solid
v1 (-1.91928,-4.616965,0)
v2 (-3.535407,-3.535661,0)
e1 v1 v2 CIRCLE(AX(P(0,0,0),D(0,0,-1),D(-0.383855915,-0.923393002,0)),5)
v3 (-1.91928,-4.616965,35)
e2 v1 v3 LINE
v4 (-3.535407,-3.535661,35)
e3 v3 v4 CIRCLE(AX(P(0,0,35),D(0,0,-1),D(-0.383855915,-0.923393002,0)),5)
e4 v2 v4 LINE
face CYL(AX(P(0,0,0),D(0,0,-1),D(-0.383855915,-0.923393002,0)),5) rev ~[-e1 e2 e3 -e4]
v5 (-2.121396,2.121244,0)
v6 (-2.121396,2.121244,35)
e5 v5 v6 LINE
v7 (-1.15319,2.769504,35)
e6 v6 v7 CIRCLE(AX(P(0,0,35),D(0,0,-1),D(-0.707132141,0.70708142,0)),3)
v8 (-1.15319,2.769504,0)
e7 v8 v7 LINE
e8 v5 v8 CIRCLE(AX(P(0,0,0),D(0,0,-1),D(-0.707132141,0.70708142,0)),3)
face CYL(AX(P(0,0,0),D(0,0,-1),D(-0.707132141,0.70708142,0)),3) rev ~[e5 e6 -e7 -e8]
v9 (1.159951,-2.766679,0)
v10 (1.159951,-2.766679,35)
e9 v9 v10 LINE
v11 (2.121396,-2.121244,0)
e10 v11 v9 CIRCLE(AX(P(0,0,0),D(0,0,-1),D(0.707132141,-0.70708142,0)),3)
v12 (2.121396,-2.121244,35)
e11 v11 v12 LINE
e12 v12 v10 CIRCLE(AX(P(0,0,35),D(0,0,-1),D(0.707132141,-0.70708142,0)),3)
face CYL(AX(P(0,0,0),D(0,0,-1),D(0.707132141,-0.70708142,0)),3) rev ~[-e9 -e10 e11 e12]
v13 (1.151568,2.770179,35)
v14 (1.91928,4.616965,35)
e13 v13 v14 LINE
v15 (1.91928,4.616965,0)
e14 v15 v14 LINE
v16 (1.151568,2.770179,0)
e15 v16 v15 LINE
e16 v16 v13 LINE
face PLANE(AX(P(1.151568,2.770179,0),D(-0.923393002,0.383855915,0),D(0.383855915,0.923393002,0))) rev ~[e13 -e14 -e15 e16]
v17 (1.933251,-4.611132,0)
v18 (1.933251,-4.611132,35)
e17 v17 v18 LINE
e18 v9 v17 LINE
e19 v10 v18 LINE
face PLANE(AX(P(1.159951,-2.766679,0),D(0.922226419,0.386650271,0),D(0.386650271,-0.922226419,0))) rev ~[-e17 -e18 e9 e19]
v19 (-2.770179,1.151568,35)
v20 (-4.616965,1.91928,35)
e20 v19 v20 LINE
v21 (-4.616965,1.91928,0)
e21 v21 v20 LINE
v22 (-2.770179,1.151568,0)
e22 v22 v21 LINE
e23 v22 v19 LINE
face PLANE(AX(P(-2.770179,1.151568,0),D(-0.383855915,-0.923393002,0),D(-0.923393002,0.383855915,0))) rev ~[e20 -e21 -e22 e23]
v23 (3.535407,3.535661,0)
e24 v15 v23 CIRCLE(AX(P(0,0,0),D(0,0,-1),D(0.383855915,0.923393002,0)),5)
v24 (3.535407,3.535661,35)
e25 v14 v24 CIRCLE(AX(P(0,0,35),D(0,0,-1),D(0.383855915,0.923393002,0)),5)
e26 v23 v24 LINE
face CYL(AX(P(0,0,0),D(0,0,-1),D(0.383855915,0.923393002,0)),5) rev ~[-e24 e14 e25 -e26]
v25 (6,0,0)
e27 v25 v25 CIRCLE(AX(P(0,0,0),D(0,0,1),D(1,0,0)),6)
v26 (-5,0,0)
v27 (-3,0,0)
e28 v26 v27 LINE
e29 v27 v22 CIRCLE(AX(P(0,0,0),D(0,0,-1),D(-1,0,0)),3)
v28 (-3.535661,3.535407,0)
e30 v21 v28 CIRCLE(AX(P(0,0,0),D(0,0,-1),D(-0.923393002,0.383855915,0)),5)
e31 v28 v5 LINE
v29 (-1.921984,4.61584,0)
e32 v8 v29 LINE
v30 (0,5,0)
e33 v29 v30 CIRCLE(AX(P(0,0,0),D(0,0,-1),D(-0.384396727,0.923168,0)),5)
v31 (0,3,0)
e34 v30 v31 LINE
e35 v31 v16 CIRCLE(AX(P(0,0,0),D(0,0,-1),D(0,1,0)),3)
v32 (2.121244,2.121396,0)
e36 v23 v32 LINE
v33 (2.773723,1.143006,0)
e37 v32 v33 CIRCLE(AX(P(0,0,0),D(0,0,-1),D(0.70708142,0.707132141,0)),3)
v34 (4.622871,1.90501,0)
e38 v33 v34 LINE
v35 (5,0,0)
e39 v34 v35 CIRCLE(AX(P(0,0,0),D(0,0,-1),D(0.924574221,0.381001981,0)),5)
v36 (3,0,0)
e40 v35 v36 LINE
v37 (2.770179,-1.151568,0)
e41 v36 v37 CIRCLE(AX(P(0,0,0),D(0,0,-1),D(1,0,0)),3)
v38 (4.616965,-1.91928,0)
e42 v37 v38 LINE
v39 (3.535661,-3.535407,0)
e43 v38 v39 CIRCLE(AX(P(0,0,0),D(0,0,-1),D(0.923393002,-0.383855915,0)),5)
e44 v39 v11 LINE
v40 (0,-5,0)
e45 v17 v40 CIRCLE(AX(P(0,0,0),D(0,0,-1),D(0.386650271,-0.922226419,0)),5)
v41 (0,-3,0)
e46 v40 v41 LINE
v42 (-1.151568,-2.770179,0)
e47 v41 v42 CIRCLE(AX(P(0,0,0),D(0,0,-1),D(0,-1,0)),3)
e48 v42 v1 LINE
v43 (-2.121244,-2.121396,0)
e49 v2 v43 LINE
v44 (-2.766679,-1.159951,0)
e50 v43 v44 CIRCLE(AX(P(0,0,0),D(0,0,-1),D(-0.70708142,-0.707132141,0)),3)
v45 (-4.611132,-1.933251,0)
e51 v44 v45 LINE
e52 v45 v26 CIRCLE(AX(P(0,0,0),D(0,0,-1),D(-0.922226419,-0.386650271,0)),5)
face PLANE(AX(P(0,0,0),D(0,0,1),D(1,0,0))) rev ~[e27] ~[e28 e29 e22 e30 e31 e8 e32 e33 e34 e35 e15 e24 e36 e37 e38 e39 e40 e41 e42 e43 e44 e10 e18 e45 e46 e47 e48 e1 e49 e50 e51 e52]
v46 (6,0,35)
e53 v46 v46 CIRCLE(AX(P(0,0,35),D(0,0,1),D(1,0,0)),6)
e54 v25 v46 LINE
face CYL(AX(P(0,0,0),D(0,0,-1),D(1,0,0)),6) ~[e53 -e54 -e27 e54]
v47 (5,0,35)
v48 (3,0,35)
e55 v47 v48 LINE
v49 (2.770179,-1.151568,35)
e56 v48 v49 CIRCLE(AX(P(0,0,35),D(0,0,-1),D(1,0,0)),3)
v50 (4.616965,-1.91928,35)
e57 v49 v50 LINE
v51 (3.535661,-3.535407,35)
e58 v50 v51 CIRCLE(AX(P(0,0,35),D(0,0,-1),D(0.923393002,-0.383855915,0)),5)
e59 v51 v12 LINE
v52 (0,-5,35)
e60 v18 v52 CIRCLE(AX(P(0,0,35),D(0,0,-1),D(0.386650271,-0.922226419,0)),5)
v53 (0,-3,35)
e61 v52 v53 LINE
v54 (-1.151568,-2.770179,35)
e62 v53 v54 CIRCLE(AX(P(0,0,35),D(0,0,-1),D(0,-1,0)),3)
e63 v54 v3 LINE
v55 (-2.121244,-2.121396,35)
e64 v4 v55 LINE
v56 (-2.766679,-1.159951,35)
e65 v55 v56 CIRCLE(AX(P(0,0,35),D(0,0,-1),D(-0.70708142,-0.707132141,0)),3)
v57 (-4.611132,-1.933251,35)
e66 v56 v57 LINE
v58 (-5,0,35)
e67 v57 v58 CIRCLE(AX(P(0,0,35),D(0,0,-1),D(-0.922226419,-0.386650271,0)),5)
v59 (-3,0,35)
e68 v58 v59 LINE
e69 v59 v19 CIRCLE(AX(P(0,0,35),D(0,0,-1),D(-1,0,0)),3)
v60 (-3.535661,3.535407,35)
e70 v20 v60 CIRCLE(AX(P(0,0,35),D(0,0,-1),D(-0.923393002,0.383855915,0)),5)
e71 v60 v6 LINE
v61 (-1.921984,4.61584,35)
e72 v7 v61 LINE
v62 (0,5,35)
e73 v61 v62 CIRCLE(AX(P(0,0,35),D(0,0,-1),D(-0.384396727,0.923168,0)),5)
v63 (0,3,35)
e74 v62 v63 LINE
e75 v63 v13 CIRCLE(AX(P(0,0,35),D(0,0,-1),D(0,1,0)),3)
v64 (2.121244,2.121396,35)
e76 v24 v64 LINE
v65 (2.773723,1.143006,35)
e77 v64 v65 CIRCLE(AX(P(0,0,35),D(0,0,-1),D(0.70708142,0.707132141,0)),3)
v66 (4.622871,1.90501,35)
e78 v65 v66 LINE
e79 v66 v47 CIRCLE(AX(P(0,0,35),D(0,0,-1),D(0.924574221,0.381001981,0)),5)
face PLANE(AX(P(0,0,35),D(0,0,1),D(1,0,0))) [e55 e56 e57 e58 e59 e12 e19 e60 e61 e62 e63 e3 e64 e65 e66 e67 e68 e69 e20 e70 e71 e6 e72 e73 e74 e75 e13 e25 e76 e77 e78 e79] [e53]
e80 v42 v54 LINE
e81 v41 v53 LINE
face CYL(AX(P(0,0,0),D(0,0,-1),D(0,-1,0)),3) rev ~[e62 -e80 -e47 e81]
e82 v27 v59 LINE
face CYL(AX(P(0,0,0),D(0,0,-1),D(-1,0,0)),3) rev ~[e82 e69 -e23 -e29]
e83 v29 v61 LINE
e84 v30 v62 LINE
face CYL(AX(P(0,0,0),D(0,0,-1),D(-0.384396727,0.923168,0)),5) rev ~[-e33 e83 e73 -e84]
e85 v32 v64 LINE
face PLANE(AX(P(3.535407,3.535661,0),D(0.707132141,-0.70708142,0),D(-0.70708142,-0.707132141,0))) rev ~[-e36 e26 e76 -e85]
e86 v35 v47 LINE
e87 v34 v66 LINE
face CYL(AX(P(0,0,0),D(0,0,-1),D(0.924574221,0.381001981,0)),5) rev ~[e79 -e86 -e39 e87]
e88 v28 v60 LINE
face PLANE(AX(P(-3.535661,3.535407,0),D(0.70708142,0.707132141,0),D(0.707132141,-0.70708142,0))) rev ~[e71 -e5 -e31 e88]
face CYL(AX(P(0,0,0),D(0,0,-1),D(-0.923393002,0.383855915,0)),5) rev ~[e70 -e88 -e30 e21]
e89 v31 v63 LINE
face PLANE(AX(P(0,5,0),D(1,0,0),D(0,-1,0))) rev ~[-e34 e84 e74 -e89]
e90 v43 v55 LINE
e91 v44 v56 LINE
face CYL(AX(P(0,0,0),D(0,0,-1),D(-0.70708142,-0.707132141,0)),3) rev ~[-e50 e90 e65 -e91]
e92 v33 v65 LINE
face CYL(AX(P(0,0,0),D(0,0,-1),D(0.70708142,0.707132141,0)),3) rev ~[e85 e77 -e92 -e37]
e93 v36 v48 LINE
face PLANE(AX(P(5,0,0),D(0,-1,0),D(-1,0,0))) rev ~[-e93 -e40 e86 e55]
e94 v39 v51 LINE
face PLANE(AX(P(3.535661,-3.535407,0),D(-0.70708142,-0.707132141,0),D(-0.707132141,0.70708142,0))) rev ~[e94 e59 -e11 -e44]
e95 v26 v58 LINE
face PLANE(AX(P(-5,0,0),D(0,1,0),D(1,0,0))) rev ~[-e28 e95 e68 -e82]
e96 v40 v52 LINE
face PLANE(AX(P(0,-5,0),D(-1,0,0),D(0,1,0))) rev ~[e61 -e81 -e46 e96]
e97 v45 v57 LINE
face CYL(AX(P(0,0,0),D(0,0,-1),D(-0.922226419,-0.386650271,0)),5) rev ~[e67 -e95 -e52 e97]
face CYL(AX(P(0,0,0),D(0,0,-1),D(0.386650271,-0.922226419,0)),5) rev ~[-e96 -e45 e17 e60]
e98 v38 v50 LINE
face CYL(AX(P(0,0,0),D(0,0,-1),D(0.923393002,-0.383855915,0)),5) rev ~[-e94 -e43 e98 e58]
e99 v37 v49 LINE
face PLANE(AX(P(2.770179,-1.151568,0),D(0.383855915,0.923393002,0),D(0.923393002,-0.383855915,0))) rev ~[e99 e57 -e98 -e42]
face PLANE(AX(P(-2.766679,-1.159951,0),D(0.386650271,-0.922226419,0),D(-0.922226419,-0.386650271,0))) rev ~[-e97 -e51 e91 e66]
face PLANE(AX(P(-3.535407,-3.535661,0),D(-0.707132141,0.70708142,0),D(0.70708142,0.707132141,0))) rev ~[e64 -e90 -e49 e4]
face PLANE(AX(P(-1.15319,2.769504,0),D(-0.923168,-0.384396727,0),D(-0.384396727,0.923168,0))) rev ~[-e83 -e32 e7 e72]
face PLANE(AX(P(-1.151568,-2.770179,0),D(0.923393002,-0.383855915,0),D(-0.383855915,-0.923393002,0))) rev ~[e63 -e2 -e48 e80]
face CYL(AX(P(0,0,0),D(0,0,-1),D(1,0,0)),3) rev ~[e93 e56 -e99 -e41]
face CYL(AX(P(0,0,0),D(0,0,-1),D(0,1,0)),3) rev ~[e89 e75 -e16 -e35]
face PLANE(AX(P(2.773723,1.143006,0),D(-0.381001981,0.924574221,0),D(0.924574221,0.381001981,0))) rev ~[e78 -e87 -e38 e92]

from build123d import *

# Parameters (mm, degrees)
F0_R     = 6
F1_DEPTH = 35


with BuildPart() as f1:
    # F0 (on Top) → F1 (new body)
    with BuildSketch(Plane.XY):
        Circle(F0_R)
        with BuildLine():
            ThreePointArc((4.6228711056, 1.9050099058), (4.9048116951, 0.9709903378), (5, 0))
            ThreePointArc((5, 0), (4.9033062853, -0.9785639848), (4.6169650111, -1.9192795748))
            ThreePointArc((4.6169650111, -1.9192795748), (4.1556339553, -2.7804147945), (3.5356607073, -3.5354071))
            ThreePointArc((3.5356607073, -3.5354071), (2.7868523196, -4.1513195672), (1.9332513544, -4.6111320954))
            ThreePointArc((1.9332513544, -4.6111320954), (0.9859866944, -4.9018190744), (0, -5))
            ThreePointArc((0, -5), (-0.9785639848, -4.9033062853), (-1.9192795748, -4.6169650111))
            ThreePointArc((-1.9192795748, -4.6169650111), (-2.7804147945, -4.1556339553), (-3.5354071, -3.5356607073))
            ThreePointArc((-3.5354071, -3.5356607073), (-4.1513195672, -2.7868523196), (-4.6111320954, -1.9332513544))
            ThreePointArc((-4.6111320954, -1.9332513544), (-4.9018190744, -0.9859866944), (-5, 0))
            ThreePointArc((-5, 0), (-4.9033062853, 0.9785639848), (-4.6169650111, 1.9192795748))
            ThreePointArc((-4.6169650111, 1.9192795748), (-4.1556339553, 2.7804147945), (-3.5356607073, 3.5354071))
            ThreePointArc((-3.5356607073, 3.5354071), (-2.7817807706, 4.1547196951), (-1.9219836353, 4.61584))
            ThreePointArc((-1.9219836353, 4.61584), (-0.98, 4.9030194778), (0, 5))
            ThreePointArc((0, 5), (0.9785639848, 4.9033062853), (1.9192795748, 4.6169650111))
            ThreePointArc((1.9192795748, 4.6169650111), (2.7804147945, 4.1556339553), (3.5354071, 3.5356607073))
            ThreePointArc((3.5354071, 3.5356607073), (4.1598234733, 2.7741428714), (4.6228711056, 1.9050099058))
        make_face(mode=Mode.SUBTRACT)
        with BuildLine():
            Line((-3.5356607073, 3.5354071), (-2.1213964244, 2.12124426))
            ThreePointArc((-2.1213964244, 2.12124426), (-1.6690684623, 2.492831817), (-1.1531901812, 2.769504))
            Line((-1.1531901812, 2.769504), (-1.9219836353, 4.61584))
            ThreePointArc((-1.9219836353, 4.61584), (-2.7817807706, 4.1547196951), (-3.5356607073, 3.5354071))
        make_face()
        with BuildLine():
            Line((1.1515677449, 2.7701790067), (1.9192795748, 4.6169650111))
            ThreePointArc((1.9192795748, 4.6169650111), (0.9785639848, 4.9033062853), (0, 5))
            Line((0, 5), (0, 3))
            ThreePointArc((0, 3), (0.5871383909, 2.9419837712), (1.1515677449, 2.7701790067))
        make_face()
        with BuildLine():
            Line((2.7737226634, 1.1430059435), (4.6228711056, 1.9050099058))
            ThreePointArc((4.6228711056, 1.9050099058), (4.1598234733, 2.7741428714), (3.5354071, 3.5356607073))
            Line((3.5354071, 3.5356607073), (2.12124426, 2.1213964244))
            ThreePointArc((2.12124426, 2.1213964244), (2.495894084, 1.6644857228), (2.7737226634, 1.1430059435))
        make_face()
        with BuildLine():
            Line((-5, 0), (-3, 0))
            ThreePointArc((-3, 0), (-2.9419837712, 0.5871383909), (-2.7701790067, 1.1515677449))
            Line((-2.7701790067, 1.1515677449), (-4.6169650111, 1.9192795748))
            ThreePointArc((-4.6169650111, 1.9192795748), (-4.9033062853, 0.9785639848), (-5, 0))
        make_face()
        with BuildLine():
            ThreePointArc((1.9332513544, -4.6111320954), (2.7868523196, -4.1513195672), (3.5356607073, -3.5354071))
            Line((3.5356607073, -3.5354071), (2.1213964244, -2.12124426))
            ThreePointArc((2.1213964244, -2.12124426), (1.6721113917, -2.4907917403), (1.1599508126, -2.7666792572))
            Line((1.1599508126, -2.7666792572), (1.9332513544, -4.6111320954))
        make_face()
        with BuildLine():
            Line((0, -5), (0, -3))
            ThreePointArc((0, -3), (-0.5871383909, -2.9419837712), (-1.1515677449, -2.7701790067))
            Line((-1.1515677449, -2.7701790067), (-1.9192795748, -4.6169650111))
            ThreePointArc((-1.9192795748, -4.6169650111), (-0.9785639848, -4.9033062853), (0, -5))
        make_face()
        with BuildLine():
            Line((-3.5354071, -3.5356607073), (-2.12124426, -2.1213964244))
            ThreePointArc((-2.12124426, -2.1213964244), (-2.4907917403, -1.6721113917), (-2.7666792572, -1.1599508126))
            Line((-2.7666792572, -1.1599508126), (-4.6111320954, -1.9332513544))
            ThreePointArc((-4.6111320954, -1.9332513544), (-4.1513195672, -2.7868523196), (-3.5354071, -3.5356607073))
        make_face()
        with BuildLine():
            ThreePointArc((4.6169650111, -1.9192795748), (4.9033062853, -0.9785639848), (5, 0))
            Line((5, 0), (3, 0))
            ThreePointArc((3, 0), (2.9419837712, -0.5871383909), (2.7701790067, -1.1515677449))
            Line((2.7701790067, -1.1515677449), (4.6169650111, -1.9192795748))
        make_face()
    extrude(amount=F1_DEPTH)


solid = f1.part
